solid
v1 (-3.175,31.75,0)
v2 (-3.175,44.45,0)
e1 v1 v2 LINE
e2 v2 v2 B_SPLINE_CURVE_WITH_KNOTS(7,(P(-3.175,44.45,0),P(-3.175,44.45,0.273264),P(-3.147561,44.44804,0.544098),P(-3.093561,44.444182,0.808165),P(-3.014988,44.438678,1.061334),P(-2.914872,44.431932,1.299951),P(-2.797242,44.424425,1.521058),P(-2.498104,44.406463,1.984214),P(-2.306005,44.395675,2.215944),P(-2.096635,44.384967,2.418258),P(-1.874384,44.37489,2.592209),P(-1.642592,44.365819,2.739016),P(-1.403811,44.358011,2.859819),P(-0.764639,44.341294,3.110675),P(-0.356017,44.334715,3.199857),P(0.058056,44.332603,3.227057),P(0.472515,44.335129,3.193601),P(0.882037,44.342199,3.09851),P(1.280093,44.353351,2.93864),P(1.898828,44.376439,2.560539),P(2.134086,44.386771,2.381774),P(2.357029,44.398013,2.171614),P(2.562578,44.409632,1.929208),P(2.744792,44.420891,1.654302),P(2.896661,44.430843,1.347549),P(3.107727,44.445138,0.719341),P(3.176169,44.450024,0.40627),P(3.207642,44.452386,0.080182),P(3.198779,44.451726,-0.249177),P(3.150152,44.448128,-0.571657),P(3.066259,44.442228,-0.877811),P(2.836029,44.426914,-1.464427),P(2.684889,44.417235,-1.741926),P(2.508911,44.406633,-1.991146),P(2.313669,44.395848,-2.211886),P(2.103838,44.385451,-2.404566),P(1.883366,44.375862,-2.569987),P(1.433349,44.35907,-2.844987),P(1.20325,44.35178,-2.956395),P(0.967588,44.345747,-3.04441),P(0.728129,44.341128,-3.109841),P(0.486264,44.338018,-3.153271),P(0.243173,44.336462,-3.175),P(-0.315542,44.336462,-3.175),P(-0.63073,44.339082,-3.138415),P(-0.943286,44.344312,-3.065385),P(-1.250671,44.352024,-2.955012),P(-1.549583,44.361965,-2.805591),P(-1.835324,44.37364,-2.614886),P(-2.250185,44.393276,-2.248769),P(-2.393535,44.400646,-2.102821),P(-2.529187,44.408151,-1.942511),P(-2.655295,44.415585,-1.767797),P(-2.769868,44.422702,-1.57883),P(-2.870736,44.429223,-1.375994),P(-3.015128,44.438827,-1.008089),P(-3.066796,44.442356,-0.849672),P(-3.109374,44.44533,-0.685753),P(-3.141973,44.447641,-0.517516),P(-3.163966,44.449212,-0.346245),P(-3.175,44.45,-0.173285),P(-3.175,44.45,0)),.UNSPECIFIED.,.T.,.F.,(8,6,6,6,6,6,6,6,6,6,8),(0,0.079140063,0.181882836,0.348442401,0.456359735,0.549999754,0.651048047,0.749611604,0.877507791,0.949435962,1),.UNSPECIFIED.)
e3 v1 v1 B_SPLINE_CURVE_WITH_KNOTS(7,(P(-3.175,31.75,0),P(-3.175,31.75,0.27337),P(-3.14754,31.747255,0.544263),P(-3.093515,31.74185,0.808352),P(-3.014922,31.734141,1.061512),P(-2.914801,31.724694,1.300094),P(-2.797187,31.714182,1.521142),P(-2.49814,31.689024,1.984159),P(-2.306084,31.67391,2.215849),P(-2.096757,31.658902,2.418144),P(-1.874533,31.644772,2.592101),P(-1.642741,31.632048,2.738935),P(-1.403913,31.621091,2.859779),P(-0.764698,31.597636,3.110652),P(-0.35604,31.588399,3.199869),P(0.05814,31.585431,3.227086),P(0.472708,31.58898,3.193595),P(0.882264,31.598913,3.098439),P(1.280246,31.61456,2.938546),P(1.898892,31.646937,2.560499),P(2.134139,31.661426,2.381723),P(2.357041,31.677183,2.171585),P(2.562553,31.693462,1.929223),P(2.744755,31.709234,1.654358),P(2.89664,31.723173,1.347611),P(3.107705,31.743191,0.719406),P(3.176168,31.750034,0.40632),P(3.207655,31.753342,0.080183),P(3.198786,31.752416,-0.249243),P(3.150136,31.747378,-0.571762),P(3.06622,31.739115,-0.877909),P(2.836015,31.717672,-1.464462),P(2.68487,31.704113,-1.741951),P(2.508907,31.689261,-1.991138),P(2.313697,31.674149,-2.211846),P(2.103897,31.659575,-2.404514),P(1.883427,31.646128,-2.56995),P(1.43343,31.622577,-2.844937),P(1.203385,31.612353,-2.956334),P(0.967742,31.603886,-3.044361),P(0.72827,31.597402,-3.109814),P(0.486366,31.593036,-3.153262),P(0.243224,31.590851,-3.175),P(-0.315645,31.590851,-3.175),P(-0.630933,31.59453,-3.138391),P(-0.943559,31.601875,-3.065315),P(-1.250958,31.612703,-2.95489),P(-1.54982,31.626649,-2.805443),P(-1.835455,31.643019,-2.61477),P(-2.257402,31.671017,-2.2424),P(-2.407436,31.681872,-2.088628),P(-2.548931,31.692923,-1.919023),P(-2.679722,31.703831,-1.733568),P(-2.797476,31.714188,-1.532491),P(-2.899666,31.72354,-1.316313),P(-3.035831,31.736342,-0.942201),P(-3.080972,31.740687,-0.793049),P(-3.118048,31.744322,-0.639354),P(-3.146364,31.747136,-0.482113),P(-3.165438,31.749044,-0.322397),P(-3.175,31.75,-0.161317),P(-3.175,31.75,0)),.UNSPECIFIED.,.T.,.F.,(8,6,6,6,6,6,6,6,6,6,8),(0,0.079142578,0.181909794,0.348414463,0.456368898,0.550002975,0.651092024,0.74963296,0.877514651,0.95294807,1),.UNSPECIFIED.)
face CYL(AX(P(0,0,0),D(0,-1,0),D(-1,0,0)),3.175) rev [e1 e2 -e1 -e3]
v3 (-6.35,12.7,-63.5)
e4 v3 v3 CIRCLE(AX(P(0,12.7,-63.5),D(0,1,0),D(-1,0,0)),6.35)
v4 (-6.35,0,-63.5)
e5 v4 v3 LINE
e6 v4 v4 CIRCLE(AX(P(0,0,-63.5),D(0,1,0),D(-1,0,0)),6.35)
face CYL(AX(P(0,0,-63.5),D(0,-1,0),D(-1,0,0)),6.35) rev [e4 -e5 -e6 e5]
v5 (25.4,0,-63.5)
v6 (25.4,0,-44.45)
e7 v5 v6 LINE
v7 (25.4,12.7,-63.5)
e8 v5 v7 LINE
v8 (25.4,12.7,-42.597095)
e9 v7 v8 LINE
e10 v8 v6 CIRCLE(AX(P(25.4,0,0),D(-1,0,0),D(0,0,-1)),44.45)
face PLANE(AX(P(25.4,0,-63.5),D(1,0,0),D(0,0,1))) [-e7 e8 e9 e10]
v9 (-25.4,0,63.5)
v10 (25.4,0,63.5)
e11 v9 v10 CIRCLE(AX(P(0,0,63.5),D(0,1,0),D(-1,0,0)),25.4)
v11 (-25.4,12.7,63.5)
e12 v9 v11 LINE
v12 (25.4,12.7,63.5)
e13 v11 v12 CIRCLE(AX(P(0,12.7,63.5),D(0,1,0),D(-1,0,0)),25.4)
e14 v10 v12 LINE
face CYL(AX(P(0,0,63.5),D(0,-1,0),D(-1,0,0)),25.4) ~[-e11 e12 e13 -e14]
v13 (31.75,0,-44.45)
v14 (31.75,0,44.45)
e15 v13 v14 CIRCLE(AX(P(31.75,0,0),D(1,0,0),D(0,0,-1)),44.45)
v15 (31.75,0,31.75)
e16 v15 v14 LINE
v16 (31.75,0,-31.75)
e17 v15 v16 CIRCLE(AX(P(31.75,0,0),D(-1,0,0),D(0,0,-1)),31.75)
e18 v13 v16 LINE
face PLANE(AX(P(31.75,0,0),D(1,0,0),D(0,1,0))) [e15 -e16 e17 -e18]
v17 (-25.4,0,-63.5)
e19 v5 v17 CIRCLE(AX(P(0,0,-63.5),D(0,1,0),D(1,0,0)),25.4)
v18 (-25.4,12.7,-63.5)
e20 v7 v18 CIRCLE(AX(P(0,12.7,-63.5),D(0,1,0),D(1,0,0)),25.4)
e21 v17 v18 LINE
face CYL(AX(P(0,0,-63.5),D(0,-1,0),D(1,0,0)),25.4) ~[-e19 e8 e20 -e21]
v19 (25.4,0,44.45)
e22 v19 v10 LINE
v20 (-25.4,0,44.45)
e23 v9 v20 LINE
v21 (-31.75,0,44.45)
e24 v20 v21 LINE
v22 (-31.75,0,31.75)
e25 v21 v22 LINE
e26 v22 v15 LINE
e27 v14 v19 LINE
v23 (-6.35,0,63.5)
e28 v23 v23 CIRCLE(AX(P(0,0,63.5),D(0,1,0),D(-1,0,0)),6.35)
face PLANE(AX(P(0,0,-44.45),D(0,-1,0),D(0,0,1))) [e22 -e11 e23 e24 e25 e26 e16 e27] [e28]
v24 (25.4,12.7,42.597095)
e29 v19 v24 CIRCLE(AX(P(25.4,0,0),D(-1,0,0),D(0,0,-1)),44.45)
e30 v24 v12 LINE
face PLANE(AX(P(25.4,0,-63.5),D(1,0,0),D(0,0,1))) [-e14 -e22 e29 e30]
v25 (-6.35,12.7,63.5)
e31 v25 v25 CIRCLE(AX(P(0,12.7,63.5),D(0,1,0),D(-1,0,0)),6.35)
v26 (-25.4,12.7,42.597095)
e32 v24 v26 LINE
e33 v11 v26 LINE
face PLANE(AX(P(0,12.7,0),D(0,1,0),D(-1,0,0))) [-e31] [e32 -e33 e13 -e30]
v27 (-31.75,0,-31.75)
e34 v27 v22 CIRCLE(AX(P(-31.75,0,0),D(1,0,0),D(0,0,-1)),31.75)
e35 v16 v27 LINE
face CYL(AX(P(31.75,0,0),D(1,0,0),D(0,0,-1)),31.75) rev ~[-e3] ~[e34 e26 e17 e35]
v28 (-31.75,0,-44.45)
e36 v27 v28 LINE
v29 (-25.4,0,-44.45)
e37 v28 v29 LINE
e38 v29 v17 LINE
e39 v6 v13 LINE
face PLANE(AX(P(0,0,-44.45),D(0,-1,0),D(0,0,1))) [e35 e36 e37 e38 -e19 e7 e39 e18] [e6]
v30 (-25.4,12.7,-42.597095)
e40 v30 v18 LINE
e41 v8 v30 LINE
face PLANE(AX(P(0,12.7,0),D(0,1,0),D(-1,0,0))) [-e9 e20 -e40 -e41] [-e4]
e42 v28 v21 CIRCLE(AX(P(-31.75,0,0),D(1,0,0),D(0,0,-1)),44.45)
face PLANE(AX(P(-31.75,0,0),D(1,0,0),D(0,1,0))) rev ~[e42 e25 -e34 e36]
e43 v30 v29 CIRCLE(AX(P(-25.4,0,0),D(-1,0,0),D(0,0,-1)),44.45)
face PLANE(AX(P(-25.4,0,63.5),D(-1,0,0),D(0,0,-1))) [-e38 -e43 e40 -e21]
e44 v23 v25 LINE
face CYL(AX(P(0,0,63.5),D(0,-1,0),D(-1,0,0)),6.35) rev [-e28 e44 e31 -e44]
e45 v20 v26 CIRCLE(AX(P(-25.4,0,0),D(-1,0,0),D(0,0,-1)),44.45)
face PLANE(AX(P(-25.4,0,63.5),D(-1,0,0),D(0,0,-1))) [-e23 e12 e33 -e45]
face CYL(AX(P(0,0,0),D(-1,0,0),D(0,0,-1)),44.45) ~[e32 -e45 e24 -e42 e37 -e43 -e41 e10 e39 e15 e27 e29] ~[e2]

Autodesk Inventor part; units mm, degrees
ref_plane "YZ Plane" through (0, 0, 0) normal (1, 0, 0) x (0, 1, 0)
ref_plane "XZ Plane" through (0, 0, 0) normal (0, 1, 0) x (-1, 0, 0)
ref_plane "XY Plane" through (0, 0, 0) normal (0, 0, 1) x (1, 0, 0)
sketch "Sketch1" plane through (0, 0, 0) normal (0, 1, 0) x (-1, 0, 0)
  line L0 (0, 88.9) -> (0, -88.9) construction
  line L1 (25.4, 63.5) -> (25.4, -63.5)
  line L2 (-25.4, -63.5) -> (-25.4, 63.5)
  arc A0 (25.4, 63.5) -> (-25.4, 63.5) centre (0, 63.5) ccw
  arc A1 (-25.4, -63.5) -> (25.4, -63.5) centre (0, -63.5) ccw
  circle A2 centre (0, 63.5) radius 6.35
  circle A3 centre (0, -63.5) radius 6.35
  point P0 (0, 0)
  point P1 (0, 0)
  dimension "d0" = 127
  dimension "d1" = 12.7
  dimension "d2" = 12.7
  dimension "d3" = 25.4
extrude "BASE" add sketch "Sketch1" along normal blind 12.7
sketch "Sketch2" plane through (0, 0, 0) normal (1, 0, 0) x (0, 1, 0)
  arc A0 (0, -44.45) -> (0, 44.45) centre (0, 0) ccw
  arc A1 (0, -31.75) -> (0, 31.75) centre (0, 0) ccw
  line L0 (0, -63.5) -> (0, 63.5) projected
  line L1 (0, 31.75) -> (15.875, 31.75)
  line L2 (15.875, 31.75) -> (15.875, -31.75)
  line L3 (15.875, -31.75) -> (0, -31.75)
  line L4 (0, -31.75) -> (0, 31.75)
  line L5 (0, 63.5) -> (0, -63.5) projected
  point P0 (7.9375, -31.75)
  point P1 (0, 0)
  point P2 (15.875, -27.4963)
  point P3 (15.875, 27.4963)
  point P4 (0, -31.75)
  dimension "d7" = 44.45
  dimension "d8" = 31.75
  dimension "d16" = 63.5
  dimension "d17" = 31.75
  dimension "d18" = 15.875
extrude "REMOVED CENTER OF BASE" cut sketch "Sketch2" along normal through all both and the other way through all
extrude "ARCH" add sketch "Sketch2" along normal mid plane 63.5
sketch "Sketch3" plane through (0, 0, 0) normal (0, 1, 0) x (-1, 0, 0)
  circle A0 centre (0, 0) radius 3.175
  dimension "d13" = 6.35
extrude "TOPHOLE" cut sketch "Sketch3" along normal through all
sketch "Sketch5" plane through (31.75, 0, 0) normal (1, 0, 0) x (0, 0, -1)
  line L0 (-44.45, 0) -> (44.45, 0) projected
  circle A0 centre (0, 0) radius 31.75
  point P0 (-31.75, 0)
  dimension "d26" = 31.75
extrude "CIRCULAR" cut sketch "Sketch5" against normal through all
sketch "Sketch6" plane through (31.75, 0, 0) normal (1, 0, 0) x (0, 0, -1)
  line L0 (-25.4, 25.4) -> (25.4, 25.4)
  line L1 (25.4, 25.4) -> (25.4, 0)
  line L2 (25.4, 0) -> (-25.4, 0)
  line L3 (-25.4, 0) -> (-25.4, 25.4)
  point P0 (0, 0)
  point P1 (0, 0)
  point P2 (0, 0)
  dimension "d23" = 50.8
  dimension "d24" = 25.4
  dimension "d25" = 25.4
extrude "SQUARE" [suppressed]
equation "\"d2\" = d1"
equation "\"d17\" = 0.5 * d16"
equation "\"d11\" = d16"
equation "\"d24\" = 0.5 * d23"
properties part number "ANS7C-TUT-BK" material "Brass, Soft Yellow, Welded"
